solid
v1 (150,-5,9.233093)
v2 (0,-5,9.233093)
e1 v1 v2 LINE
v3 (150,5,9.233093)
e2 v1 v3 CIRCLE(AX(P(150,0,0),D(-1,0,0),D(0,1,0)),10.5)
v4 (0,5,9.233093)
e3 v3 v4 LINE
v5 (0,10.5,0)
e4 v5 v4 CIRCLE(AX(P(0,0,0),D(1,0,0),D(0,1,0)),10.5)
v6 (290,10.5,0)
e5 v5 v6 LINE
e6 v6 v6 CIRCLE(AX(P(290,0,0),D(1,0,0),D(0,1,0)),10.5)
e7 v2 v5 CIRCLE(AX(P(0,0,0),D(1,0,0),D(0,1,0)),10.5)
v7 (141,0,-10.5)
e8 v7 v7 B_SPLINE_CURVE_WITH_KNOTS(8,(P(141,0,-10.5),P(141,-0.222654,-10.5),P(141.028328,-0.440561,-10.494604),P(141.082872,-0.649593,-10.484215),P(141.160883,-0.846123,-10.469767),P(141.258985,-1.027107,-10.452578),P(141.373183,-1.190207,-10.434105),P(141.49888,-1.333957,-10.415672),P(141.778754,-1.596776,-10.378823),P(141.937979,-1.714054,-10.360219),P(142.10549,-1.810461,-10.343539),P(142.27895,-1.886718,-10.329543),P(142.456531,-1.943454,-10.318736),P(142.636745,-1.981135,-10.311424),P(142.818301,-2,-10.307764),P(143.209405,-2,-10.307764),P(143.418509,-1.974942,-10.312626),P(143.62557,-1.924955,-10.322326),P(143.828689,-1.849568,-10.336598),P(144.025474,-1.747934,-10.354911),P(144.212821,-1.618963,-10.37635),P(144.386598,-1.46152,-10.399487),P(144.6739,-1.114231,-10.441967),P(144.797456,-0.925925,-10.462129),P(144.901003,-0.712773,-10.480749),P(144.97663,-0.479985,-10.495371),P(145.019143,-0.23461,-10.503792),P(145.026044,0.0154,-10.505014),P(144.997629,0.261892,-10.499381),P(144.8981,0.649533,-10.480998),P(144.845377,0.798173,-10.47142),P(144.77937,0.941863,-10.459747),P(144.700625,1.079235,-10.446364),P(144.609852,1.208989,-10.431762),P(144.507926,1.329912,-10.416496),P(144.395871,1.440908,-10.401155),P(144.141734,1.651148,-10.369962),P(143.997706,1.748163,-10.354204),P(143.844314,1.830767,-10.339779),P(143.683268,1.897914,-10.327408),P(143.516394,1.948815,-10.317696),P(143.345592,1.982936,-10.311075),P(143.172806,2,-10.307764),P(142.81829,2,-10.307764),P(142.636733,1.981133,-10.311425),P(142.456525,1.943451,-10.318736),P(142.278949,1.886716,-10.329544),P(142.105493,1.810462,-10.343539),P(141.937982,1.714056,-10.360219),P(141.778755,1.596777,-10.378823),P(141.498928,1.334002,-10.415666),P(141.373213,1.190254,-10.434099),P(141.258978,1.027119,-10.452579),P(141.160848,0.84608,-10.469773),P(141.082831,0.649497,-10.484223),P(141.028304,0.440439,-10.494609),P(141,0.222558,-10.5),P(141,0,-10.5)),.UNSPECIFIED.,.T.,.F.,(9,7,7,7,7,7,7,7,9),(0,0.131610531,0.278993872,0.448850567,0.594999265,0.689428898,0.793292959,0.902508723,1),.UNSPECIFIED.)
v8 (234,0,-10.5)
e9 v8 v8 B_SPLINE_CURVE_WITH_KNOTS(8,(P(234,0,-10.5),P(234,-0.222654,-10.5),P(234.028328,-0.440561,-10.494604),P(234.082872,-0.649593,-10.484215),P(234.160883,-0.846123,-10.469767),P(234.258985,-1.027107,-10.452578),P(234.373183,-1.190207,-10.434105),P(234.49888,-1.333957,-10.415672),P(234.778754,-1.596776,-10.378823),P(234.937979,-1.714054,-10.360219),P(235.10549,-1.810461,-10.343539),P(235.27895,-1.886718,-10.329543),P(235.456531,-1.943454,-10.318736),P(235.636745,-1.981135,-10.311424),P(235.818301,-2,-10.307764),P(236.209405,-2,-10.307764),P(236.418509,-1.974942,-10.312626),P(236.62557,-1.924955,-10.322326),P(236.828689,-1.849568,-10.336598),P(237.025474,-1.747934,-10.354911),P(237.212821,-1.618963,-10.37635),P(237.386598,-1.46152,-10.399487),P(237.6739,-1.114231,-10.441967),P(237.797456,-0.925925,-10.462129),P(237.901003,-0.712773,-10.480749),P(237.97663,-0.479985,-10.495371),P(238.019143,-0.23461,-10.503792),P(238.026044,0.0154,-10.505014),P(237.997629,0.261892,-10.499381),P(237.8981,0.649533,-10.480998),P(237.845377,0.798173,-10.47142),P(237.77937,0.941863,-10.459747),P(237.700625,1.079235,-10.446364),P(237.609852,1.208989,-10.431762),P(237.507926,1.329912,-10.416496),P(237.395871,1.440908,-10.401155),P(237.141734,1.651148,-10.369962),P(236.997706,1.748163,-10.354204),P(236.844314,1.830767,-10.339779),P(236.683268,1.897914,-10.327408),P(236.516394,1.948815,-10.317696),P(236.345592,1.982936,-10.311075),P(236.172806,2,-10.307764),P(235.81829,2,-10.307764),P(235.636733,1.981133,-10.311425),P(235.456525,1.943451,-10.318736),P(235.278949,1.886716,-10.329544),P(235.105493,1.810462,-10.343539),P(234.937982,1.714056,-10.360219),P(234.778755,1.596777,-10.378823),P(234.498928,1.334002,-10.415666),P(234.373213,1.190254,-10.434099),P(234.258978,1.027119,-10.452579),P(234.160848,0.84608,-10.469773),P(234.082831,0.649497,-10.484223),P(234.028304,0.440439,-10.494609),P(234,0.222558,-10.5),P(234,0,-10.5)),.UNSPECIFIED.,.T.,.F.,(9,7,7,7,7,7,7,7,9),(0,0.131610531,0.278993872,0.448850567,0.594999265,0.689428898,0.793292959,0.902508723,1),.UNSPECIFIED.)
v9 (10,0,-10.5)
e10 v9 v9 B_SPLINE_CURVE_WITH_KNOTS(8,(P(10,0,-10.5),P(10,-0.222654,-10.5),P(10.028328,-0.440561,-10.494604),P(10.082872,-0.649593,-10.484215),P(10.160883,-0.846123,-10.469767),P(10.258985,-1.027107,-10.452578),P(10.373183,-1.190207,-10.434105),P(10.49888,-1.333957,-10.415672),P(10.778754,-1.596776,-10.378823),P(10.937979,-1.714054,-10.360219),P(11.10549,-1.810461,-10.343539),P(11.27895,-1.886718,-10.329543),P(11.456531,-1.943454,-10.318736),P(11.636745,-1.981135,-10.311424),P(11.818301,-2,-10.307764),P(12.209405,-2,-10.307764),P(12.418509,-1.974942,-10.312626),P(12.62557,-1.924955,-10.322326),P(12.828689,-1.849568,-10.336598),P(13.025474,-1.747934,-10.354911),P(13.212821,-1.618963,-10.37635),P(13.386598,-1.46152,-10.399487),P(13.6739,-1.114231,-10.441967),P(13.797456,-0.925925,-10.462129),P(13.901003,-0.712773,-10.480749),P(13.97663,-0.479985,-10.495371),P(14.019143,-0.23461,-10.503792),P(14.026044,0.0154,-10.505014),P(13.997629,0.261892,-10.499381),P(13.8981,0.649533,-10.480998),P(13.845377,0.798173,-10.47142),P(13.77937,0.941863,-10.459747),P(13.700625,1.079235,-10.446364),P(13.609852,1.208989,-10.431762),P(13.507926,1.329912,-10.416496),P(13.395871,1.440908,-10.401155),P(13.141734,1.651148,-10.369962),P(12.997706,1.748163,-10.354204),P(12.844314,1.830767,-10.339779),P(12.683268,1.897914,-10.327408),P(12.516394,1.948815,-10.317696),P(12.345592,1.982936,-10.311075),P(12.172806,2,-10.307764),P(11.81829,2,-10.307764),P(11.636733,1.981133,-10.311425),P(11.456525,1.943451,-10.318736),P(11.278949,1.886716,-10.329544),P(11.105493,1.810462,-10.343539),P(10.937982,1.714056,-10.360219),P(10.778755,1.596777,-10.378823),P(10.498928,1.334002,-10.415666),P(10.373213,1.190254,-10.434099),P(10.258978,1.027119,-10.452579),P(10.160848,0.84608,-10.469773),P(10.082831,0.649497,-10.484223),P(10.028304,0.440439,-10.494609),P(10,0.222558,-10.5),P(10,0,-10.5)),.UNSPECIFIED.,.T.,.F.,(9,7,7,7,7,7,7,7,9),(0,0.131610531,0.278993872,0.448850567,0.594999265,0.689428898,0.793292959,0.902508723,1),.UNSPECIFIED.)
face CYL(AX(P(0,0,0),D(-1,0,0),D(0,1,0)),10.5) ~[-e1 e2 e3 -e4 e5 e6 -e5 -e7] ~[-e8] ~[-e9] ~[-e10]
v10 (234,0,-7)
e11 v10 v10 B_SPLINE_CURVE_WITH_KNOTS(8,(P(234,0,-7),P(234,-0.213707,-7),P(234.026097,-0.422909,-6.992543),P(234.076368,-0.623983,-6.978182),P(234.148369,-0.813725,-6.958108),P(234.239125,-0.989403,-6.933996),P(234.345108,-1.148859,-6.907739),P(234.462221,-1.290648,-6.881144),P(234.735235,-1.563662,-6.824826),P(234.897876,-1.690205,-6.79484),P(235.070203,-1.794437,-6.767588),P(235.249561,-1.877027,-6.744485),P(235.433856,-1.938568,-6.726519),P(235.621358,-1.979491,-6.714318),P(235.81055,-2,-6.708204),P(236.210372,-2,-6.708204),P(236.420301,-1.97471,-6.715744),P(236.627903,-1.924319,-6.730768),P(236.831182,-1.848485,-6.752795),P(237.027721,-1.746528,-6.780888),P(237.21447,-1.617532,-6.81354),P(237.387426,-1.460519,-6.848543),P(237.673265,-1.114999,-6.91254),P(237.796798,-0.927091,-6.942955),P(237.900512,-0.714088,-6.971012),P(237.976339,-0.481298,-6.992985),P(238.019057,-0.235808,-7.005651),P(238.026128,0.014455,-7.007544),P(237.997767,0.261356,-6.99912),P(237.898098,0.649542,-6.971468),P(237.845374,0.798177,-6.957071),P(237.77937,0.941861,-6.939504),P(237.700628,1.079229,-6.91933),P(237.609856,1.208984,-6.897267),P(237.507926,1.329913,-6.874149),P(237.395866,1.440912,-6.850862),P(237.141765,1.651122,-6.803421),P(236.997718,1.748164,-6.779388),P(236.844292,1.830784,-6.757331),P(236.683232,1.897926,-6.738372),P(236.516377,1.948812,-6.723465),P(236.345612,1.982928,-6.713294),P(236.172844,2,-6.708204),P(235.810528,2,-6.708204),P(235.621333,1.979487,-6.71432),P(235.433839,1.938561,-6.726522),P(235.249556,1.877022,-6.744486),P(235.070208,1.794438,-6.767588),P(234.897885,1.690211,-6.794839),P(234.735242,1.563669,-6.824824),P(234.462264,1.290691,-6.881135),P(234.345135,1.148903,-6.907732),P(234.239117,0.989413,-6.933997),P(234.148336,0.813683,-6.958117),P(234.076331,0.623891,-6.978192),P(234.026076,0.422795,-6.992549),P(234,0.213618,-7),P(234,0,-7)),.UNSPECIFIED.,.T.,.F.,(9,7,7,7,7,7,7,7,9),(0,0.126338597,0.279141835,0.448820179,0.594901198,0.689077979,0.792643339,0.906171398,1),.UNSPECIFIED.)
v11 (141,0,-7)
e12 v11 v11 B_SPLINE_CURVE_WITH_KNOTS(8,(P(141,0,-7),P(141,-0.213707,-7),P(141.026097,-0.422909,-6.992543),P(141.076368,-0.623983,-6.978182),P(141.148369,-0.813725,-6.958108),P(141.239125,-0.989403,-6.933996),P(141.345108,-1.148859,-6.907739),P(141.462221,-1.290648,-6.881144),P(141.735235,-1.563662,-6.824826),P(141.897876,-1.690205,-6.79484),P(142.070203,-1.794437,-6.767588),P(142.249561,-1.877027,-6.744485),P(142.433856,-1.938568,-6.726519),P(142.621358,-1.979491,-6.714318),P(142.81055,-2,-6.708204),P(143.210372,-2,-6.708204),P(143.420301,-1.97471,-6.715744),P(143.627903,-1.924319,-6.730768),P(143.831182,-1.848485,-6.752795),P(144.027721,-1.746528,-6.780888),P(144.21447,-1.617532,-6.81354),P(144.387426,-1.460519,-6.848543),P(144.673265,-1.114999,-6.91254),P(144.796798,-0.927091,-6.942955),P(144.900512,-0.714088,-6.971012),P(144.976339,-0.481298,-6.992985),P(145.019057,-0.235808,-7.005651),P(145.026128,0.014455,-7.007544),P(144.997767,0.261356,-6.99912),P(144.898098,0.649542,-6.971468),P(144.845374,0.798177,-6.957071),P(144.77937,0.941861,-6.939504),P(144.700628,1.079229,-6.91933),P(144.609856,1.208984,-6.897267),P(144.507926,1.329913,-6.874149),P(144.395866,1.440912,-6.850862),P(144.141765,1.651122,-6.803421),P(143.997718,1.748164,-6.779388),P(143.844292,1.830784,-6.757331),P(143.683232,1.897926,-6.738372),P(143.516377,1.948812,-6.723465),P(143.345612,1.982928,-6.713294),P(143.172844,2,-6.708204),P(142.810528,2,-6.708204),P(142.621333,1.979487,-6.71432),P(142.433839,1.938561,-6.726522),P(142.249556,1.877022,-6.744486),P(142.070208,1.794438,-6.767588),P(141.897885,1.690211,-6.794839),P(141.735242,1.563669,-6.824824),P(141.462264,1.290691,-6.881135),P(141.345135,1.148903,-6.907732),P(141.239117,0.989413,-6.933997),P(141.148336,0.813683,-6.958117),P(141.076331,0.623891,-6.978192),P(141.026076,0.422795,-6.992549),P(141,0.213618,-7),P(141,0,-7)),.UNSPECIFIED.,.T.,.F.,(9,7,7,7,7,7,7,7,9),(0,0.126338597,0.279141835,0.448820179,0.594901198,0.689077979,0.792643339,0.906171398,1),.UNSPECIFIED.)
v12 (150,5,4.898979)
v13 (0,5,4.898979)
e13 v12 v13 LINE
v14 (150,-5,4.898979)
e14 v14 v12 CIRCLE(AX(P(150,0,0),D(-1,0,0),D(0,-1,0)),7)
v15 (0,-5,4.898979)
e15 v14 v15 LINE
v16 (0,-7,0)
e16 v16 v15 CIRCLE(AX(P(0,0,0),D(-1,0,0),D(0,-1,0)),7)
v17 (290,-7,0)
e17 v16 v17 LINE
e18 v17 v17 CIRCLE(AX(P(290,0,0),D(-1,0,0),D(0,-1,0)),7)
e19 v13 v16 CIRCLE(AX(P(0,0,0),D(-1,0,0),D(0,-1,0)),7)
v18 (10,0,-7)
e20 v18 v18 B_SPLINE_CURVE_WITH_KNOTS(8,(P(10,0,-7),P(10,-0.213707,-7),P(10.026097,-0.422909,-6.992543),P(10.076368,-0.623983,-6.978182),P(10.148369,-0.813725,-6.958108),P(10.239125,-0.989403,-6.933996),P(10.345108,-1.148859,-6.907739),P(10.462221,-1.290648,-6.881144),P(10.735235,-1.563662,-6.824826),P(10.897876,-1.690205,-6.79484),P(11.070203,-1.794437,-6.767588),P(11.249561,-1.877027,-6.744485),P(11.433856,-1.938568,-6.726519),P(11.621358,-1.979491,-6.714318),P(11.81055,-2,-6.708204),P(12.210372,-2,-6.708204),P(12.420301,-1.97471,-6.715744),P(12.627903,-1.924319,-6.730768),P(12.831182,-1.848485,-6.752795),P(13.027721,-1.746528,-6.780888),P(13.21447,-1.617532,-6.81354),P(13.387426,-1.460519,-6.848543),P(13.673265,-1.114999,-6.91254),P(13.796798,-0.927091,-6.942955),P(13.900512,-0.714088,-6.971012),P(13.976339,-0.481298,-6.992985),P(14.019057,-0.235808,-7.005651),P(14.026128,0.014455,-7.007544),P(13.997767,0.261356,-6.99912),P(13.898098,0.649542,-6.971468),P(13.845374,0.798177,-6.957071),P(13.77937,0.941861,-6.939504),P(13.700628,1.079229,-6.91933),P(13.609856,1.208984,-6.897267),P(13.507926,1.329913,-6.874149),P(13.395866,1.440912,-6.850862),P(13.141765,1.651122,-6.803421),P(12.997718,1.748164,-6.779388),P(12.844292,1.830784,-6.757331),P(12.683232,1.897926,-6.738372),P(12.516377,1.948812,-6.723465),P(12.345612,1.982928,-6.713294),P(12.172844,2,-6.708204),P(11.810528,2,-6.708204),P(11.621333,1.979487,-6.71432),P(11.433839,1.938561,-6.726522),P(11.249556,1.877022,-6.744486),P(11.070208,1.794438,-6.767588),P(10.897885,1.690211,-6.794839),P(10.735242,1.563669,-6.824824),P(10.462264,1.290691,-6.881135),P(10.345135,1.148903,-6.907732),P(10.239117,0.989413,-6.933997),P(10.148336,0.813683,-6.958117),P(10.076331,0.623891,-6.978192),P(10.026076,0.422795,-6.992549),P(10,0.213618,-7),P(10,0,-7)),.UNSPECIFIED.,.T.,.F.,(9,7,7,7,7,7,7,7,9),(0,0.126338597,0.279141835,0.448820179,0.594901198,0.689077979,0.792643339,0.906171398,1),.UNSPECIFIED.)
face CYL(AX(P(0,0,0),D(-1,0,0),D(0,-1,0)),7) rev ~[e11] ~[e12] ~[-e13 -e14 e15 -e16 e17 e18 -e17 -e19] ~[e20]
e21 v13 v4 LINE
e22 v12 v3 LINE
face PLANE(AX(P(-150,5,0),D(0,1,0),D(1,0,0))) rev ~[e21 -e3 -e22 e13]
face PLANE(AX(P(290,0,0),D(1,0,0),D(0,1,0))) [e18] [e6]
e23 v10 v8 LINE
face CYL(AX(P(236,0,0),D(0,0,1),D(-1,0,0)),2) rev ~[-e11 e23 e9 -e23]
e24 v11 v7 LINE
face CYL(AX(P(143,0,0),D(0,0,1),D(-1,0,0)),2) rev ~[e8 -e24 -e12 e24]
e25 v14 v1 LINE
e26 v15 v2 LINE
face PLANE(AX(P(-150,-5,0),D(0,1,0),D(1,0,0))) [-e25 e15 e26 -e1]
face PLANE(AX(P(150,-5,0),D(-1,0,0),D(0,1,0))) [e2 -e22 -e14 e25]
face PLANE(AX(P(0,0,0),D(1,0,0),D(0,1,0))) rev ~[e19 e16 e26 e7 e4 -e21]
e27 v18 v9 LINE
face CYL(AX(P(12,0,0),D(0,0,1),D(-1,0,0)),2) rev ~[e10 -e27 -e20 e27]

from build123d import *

# Parameters (mm, degrees)
F0_R     = 10.5
F1_DEPTH = 290
F2_R     = 7
F3_DEPTH = 300
F5_W     = 300
F5_H     = 10
F6_DEPTH = 25
F8_DEPTH = 25


with BuildPart() as f1:
    # F0 (on Right) → F1 (new body)
    with BuildSketch(Plane.YZ):
        Circle(F0_R)
    extrude(amount=F1_DEPTH)

    # F2 (on face) → F3 (cut)
    with BuildSketch(Plane(origin=(0, 0, 0), x_dir=(0, -1, 0), z_dir=(-1, 0, 0))):
        Circle(F2_R)
    extrude(amount=-F3_DEPTH, mode=Mode.SUBTRACT)

    # F5 (on Top) → F6 (cut)
    with BuildSketch(Plane.XY):
        Rectangle(F5_W, F5_H)
    extrude(amount=F6_DEPTH, mode=Mode.SUBTRACT)

    # F7 (on Top) → F8 (cut)
    with BuildSketch(Plane.XY):
        with BuildLine():
            ThreePointArc((14, 0), (12, 2), (10, 0))
            Line((10, 0), (12, 0))
            Line((12, 0), (14, 0))
        make_face()
        with BuildLine():
            ThreePointArc((238, 0), (236, 2), (234, 0))
            ThreePointArc((234, 0), (236, -2), (238, 0))
        make_face()
        with BuildLine():
            ThreePointArc((145, 0), (143, 2), (141, 0))
            Line((141, 0), (143, 0))
            Line((143, 0), (145, 0))
        make_face()
        with BuildLine():
            Line((143, 0), (141, 0))
            ThreePointArc((141, 0), (143, -2), (145, 0))
            Line((145, 0), (143, 0))
        make_face()
        with BuildLine():
            Line((12, 0), (10, 0))
            ThreePointArc((10, 0), (12, -2), (14, 0))
            Line((14, 0), (12, 0))
        make_face()
    extrude(amount=-F8_DEPTH, mode=Mode.SUBTRACT)


solid = f1.part
